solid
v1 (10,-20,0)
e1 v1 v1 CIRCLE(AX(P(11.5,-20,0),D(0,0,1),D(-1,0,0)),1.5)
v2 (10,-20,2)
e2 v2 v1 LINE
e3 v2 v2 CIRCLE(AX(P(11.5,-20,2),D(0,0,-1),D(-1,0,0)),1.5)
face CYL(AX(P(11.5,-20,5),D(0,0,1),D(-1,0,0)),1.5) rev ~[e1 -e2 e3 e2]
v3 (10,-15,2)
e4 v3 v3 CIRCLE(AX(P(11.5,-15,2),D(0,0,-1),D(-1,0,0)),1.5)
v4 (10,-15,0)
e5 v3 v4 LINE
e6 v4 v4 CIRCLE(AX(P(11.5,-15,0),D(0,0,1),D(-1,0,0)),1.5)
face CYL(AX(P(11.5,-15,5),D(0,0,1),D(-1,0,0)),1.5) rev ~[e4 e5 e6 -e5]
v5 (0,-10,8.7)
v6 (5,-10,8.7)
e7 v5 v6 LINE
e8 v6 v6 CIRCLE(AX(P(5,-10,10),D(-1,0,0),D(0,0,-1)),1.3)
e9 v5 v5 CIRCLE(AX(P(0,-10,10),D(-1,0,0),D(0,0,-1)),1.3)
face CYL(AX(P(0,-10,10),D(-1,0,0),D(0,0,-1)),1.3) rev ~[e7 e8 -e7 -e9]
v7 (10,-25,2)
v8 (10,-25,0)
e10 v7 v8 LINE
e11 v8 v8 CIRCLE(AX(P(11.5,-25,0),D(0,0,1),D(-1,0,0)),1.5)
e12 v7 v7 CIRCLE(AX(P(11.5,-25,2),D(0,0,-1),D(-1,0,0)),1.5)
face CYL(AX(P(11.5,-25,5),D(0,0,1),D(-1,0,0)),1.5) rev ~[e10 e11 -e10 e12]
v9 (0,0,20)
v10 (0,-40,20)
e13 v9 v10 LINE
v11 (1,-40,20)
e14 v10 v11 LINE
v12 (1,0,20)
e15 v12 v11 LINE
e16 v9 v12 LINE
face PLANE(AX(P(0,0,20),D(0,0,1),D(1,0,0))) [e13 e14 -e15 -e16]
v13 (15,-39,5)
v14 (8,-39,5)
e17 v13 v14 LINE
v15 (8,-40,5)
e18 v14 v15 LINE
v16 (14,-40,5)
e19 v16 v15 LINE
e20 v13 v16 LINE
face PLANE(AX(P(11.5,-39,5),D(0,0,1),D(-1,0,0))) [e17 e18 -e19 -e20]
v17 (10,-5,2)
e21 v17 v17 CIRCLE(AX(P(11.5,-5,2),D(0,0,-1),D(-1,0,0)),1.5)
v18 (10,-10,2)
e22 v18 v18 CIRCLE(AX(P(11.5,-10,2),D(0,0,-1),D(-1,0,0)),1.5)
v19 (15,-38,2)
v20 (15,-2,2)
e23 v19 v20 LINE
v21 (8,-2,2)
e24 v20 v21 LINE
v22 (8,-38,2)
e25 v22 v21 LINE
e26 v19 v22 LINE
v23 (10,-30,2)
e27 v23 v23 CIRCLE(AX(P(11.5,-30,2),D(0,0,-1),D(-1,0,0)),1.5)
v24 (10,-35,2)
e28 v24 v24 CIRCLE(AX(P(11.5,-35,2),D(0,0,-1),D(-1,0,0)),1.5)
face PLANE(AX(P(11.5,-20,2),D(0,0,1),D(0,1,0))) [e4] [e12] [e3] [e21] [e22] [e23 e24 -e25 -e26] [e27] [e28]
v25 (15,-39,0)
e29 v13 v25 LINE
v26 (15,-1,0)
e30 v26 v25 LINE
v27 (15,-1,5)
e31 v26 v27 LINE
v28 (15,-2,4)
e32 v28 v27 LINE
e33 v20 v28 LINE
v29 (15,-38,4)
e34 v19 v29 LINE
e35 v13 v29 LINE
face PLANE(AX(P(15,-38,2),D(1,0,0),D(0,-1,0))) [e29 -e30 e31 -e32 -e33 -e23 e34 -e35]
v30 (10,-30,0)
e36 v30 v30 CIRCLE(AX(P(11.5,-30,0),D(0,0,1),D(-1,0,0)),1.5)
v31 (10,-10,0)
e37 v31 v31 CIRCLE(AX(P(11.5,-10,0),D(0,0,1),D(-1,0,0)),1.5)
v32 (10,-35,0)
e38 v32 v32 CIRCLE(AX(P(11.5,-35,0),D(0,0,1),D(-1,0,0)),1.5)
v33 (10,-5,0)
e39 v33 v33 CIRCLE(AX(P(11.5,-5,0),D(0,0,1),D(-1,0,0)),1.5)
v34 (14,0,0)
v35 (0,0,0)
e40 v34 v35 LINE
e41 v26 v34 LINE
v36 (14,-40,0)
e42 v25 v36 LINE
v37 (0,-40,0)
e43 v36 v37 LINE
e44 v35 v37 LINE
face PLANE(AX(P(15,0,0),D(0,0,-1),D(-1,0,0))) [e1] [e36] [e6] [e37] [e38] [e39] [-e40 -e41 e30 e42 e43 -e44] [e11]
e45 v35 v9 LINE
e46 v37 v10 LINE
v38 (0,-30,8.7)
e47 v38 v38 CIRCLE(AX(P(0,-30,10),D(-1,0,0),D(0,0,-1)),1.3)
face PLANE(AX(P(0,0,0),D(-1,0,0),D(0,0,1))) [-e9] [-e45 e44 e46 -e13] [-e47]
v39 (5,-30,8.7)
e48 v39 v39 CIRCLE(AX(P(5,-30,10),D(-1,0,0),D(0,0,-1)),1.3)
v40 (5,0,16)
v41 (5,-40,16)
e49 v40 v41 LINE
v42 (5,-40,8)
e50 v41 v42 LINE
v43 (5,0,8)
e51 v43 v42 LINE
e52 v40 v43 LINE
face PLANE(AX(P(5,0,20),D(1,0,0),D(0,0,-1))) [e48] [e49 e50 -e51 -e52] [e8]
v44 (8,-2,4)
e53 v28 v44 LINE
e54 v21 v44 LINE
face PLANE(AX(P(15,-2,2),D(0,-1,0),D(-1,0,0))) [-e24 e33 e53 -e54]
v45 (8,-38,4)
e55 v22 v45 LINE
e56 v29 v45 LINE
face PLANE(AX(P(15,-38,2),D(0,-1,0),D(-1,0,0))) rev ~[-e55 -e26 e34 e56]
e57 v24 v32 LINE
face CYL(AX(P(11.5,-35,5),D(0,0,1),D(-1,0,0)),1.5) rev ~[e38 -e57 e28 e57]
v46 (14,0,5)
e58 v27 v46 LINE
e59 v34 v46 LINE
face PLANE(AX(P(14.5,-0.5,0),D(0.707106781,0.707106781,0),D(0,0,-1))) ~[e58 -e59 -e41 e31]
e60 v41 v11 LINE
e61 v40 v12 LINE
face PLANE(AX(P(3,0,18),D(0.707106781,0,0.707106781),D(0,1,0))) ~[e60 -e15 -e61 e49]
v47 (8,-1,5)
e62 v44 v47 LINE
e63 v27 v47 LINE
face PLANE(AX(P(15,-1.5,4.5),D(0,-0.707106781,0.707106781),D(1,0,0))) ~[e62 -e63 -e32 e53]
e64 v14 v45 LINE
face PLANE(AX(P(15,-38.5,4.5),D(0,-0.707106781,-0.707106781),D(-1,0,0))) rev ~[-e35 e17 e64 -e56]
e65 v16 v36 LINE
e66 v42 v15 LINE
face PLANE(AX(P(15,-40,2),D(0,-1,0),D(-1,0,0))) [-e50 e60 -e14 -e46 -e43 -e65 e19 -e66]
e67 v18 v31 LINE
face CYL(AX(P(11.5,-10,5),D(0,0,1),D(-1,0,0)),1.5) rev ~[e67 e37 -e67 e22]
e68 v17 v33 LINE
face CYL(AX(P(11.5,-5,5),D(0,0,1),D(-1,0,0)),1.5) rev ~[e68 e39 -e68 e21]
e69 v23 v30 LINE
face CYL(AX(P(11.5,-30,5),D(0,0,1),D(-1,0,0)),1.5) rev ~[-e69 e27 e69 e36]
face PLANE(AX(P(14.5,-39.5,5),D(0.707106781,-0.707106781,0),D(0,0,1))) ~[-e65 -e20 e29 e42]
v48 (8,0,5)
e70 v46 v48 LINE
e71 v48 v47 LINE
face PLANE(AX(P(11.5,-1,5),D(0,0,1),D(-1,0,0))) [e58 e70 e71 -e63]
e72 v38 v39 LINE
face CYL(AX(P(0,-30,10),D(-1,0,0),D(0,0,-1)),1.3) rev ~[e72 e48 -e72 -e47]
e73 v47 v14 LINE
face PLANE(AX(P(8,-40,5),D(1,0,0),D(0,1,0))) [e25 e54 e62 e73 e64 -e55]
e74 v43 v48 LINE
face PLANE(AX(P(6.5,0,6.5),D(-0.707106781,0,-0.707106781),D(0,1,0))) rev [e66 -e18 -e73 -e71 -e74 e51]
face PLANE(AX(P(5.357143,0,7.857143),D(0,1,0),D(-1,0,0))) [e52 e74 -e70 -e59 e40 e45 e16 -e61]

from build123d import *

# Parameters (mm, degrees)
PAD_DEPTH         = 40
SKETCH001_R       = 1.3
POCKET_DEPTH      = 5
CHAMFER_SIZE      = 3
CHAMFER001_SIZE   = 4
SKETCH002_R       = 1.5
POCKET001_DEPTH   = 5.001
POCKET001_FACE6_W = 40
POCKET001_FACE6_H = 7
POCKET001_FACE6_R = 1.5
POCKET008_DEPTH   = 3
SKETCH013_W       = 7
SKETCH013_H       = 2
PAD006_DEPTH      = 3
CHAMFER010_SIZE   = 1
CHAMFER011_SIZE   = 1


with BuildPart() as part:
    # Sketch → Pad (new body)
    with BuildSketch(Plane.XZ):
        Polygon((0, 0), (0, 20), (5, 20), (5, 5), (15, 5), (15, 0), align=None)
    extrude(amount=PAD_DEPTH)

    # Sketch001 (on Face1 of Pad) → Pocket (cut)
    with BuildSketch(Plane(origin=(0, 0, 0), x_dir=(0, 0, -1), z_dir=(-1, 0, 0))):
        with Locations((-10, 30)):
            Circle(SKETCH001_R)
        with Locations((-10, 10)):
            Circle(SKETCH001_R)
    extrude(amount=-POCKET_DEPTH, mode=Mode.SUBTRACT)

    # Chamfer
    chamfer_edges = [part.edges().sort_by_distance(p)[0] for p in [
        (5, -20, 5),
    ]]
    chamfer(chamfer_edges, length=CHAMFER_SIZE)

    # Chamfer001
    chamfer001_edges = [part.edges().sort_by_distance(p)[0] for p in [
        (5, -20, 20),
    ]]
    chamfer(chamfer001_edges, length=CHAMFER001_SIZE)

    # Sketch002 (on Face6 of Chamfer001) → Pocket001 (cut, through all)
    with BuildSketch(Plane(origin=(0, 0, 5), x_dir=(-1, 0, 0), z_dir=(0, 0, 1))):
        with Locations((-11.5, 35)):
            Circle(SKETCH002_R)
        with Locations((-11.5, 30)):
            Circle(SKETCH002_R)
        with Locations((-11.5, 25)):
            Circle(SKETCH002_R)
        with Locations((-11.5, 20)):
            Circle(SKETCH002_R)
        with Locations((-11.5, 15)):
            Circle(SKETCH002_R)
        with Locations((-11.5, 10)):
            Circle(SKETCH002_R)
        with Locations((-11.5, 5)):
            Circle(SKETCH002_R)
    extrude(amount=-POCKET001_DEPTH, mode=Mode.SUBTRACT)

    # Pocket001 Face6 → Pocket008 (cut)
    with BuildSketch(Plane(origin=(11.5, -20, 5), x_dir=(0, 1, 0), z_dir=(0, 0, 1))):
        Rectangle(POCKET001_FACE6_W, POCKET001_FACE6_H)
        with Locations((-15, 0)):
            Circle(POCKET001_FACE6_R, mode=Mode.SUBTRACT)
        with Locations((-10, 0)):
            Circle(POCKET001_FACE6_R, mode=Mode.SUBTRACT)
        with Locations((-5, 0)):
            Circle(POCKET001_FACE6_R, mode=Mode.SUBTRACT)
        Circle(POCKET001_FACE6_R, mode=Mode.SUBTRACT)
        with Locations((5, 0)):
            Circle(POCKET001_FACE6_R, mode=Mode.SUBTRACT)
        with Locations((10, 0)):
            Circle(POCKET001_FACE6_R, mode=Mode.SUBTRACT)
        with Locations((15, 0)):
            Circle(POCKET001_FACE6_R, mode=Mode.SUBTRACT)
    extrude(amount=-POCKET008_DEPTH, mode=Mode.SUBTRACT)

    # Sketch013 (on Face7 of Pocket008) → Pad006 (join)
    with BuildSketch(Plane(origin=(0, 0, 2), x_dir=(-1, 0, 0), z_dir=(0, 0, 1))):
        with Locations((-11.5, 39)):
            Rectangle(SKETCH013_W, SKETCH013_H)
        with Locations((-11.5, 1)):
            Rectangle(SKETCH013_W, SKETCH013_H)
    extrude(amount=PAD006_DEPTH)

    # Chamfer010
    chamfer010_edges = [part.edges().sort_by_distance(p)[0] for p in [
        (15, -40, 2.5),
        (15, 0, 2.5),
    ]]
    chamfer(chamfer010_edges, length=CHAMFER010_SIZE)

    # Chamfer011
    chamfer011_edges = [part.edges().sort_by_distance(p)[0] for p in [
        (11.5, -2, 5),
        (11.5, -38, 5),
    ]]
    chamfer(chamfer011_edges, length=CHAMFER011_SIZE)


solid = part.part
